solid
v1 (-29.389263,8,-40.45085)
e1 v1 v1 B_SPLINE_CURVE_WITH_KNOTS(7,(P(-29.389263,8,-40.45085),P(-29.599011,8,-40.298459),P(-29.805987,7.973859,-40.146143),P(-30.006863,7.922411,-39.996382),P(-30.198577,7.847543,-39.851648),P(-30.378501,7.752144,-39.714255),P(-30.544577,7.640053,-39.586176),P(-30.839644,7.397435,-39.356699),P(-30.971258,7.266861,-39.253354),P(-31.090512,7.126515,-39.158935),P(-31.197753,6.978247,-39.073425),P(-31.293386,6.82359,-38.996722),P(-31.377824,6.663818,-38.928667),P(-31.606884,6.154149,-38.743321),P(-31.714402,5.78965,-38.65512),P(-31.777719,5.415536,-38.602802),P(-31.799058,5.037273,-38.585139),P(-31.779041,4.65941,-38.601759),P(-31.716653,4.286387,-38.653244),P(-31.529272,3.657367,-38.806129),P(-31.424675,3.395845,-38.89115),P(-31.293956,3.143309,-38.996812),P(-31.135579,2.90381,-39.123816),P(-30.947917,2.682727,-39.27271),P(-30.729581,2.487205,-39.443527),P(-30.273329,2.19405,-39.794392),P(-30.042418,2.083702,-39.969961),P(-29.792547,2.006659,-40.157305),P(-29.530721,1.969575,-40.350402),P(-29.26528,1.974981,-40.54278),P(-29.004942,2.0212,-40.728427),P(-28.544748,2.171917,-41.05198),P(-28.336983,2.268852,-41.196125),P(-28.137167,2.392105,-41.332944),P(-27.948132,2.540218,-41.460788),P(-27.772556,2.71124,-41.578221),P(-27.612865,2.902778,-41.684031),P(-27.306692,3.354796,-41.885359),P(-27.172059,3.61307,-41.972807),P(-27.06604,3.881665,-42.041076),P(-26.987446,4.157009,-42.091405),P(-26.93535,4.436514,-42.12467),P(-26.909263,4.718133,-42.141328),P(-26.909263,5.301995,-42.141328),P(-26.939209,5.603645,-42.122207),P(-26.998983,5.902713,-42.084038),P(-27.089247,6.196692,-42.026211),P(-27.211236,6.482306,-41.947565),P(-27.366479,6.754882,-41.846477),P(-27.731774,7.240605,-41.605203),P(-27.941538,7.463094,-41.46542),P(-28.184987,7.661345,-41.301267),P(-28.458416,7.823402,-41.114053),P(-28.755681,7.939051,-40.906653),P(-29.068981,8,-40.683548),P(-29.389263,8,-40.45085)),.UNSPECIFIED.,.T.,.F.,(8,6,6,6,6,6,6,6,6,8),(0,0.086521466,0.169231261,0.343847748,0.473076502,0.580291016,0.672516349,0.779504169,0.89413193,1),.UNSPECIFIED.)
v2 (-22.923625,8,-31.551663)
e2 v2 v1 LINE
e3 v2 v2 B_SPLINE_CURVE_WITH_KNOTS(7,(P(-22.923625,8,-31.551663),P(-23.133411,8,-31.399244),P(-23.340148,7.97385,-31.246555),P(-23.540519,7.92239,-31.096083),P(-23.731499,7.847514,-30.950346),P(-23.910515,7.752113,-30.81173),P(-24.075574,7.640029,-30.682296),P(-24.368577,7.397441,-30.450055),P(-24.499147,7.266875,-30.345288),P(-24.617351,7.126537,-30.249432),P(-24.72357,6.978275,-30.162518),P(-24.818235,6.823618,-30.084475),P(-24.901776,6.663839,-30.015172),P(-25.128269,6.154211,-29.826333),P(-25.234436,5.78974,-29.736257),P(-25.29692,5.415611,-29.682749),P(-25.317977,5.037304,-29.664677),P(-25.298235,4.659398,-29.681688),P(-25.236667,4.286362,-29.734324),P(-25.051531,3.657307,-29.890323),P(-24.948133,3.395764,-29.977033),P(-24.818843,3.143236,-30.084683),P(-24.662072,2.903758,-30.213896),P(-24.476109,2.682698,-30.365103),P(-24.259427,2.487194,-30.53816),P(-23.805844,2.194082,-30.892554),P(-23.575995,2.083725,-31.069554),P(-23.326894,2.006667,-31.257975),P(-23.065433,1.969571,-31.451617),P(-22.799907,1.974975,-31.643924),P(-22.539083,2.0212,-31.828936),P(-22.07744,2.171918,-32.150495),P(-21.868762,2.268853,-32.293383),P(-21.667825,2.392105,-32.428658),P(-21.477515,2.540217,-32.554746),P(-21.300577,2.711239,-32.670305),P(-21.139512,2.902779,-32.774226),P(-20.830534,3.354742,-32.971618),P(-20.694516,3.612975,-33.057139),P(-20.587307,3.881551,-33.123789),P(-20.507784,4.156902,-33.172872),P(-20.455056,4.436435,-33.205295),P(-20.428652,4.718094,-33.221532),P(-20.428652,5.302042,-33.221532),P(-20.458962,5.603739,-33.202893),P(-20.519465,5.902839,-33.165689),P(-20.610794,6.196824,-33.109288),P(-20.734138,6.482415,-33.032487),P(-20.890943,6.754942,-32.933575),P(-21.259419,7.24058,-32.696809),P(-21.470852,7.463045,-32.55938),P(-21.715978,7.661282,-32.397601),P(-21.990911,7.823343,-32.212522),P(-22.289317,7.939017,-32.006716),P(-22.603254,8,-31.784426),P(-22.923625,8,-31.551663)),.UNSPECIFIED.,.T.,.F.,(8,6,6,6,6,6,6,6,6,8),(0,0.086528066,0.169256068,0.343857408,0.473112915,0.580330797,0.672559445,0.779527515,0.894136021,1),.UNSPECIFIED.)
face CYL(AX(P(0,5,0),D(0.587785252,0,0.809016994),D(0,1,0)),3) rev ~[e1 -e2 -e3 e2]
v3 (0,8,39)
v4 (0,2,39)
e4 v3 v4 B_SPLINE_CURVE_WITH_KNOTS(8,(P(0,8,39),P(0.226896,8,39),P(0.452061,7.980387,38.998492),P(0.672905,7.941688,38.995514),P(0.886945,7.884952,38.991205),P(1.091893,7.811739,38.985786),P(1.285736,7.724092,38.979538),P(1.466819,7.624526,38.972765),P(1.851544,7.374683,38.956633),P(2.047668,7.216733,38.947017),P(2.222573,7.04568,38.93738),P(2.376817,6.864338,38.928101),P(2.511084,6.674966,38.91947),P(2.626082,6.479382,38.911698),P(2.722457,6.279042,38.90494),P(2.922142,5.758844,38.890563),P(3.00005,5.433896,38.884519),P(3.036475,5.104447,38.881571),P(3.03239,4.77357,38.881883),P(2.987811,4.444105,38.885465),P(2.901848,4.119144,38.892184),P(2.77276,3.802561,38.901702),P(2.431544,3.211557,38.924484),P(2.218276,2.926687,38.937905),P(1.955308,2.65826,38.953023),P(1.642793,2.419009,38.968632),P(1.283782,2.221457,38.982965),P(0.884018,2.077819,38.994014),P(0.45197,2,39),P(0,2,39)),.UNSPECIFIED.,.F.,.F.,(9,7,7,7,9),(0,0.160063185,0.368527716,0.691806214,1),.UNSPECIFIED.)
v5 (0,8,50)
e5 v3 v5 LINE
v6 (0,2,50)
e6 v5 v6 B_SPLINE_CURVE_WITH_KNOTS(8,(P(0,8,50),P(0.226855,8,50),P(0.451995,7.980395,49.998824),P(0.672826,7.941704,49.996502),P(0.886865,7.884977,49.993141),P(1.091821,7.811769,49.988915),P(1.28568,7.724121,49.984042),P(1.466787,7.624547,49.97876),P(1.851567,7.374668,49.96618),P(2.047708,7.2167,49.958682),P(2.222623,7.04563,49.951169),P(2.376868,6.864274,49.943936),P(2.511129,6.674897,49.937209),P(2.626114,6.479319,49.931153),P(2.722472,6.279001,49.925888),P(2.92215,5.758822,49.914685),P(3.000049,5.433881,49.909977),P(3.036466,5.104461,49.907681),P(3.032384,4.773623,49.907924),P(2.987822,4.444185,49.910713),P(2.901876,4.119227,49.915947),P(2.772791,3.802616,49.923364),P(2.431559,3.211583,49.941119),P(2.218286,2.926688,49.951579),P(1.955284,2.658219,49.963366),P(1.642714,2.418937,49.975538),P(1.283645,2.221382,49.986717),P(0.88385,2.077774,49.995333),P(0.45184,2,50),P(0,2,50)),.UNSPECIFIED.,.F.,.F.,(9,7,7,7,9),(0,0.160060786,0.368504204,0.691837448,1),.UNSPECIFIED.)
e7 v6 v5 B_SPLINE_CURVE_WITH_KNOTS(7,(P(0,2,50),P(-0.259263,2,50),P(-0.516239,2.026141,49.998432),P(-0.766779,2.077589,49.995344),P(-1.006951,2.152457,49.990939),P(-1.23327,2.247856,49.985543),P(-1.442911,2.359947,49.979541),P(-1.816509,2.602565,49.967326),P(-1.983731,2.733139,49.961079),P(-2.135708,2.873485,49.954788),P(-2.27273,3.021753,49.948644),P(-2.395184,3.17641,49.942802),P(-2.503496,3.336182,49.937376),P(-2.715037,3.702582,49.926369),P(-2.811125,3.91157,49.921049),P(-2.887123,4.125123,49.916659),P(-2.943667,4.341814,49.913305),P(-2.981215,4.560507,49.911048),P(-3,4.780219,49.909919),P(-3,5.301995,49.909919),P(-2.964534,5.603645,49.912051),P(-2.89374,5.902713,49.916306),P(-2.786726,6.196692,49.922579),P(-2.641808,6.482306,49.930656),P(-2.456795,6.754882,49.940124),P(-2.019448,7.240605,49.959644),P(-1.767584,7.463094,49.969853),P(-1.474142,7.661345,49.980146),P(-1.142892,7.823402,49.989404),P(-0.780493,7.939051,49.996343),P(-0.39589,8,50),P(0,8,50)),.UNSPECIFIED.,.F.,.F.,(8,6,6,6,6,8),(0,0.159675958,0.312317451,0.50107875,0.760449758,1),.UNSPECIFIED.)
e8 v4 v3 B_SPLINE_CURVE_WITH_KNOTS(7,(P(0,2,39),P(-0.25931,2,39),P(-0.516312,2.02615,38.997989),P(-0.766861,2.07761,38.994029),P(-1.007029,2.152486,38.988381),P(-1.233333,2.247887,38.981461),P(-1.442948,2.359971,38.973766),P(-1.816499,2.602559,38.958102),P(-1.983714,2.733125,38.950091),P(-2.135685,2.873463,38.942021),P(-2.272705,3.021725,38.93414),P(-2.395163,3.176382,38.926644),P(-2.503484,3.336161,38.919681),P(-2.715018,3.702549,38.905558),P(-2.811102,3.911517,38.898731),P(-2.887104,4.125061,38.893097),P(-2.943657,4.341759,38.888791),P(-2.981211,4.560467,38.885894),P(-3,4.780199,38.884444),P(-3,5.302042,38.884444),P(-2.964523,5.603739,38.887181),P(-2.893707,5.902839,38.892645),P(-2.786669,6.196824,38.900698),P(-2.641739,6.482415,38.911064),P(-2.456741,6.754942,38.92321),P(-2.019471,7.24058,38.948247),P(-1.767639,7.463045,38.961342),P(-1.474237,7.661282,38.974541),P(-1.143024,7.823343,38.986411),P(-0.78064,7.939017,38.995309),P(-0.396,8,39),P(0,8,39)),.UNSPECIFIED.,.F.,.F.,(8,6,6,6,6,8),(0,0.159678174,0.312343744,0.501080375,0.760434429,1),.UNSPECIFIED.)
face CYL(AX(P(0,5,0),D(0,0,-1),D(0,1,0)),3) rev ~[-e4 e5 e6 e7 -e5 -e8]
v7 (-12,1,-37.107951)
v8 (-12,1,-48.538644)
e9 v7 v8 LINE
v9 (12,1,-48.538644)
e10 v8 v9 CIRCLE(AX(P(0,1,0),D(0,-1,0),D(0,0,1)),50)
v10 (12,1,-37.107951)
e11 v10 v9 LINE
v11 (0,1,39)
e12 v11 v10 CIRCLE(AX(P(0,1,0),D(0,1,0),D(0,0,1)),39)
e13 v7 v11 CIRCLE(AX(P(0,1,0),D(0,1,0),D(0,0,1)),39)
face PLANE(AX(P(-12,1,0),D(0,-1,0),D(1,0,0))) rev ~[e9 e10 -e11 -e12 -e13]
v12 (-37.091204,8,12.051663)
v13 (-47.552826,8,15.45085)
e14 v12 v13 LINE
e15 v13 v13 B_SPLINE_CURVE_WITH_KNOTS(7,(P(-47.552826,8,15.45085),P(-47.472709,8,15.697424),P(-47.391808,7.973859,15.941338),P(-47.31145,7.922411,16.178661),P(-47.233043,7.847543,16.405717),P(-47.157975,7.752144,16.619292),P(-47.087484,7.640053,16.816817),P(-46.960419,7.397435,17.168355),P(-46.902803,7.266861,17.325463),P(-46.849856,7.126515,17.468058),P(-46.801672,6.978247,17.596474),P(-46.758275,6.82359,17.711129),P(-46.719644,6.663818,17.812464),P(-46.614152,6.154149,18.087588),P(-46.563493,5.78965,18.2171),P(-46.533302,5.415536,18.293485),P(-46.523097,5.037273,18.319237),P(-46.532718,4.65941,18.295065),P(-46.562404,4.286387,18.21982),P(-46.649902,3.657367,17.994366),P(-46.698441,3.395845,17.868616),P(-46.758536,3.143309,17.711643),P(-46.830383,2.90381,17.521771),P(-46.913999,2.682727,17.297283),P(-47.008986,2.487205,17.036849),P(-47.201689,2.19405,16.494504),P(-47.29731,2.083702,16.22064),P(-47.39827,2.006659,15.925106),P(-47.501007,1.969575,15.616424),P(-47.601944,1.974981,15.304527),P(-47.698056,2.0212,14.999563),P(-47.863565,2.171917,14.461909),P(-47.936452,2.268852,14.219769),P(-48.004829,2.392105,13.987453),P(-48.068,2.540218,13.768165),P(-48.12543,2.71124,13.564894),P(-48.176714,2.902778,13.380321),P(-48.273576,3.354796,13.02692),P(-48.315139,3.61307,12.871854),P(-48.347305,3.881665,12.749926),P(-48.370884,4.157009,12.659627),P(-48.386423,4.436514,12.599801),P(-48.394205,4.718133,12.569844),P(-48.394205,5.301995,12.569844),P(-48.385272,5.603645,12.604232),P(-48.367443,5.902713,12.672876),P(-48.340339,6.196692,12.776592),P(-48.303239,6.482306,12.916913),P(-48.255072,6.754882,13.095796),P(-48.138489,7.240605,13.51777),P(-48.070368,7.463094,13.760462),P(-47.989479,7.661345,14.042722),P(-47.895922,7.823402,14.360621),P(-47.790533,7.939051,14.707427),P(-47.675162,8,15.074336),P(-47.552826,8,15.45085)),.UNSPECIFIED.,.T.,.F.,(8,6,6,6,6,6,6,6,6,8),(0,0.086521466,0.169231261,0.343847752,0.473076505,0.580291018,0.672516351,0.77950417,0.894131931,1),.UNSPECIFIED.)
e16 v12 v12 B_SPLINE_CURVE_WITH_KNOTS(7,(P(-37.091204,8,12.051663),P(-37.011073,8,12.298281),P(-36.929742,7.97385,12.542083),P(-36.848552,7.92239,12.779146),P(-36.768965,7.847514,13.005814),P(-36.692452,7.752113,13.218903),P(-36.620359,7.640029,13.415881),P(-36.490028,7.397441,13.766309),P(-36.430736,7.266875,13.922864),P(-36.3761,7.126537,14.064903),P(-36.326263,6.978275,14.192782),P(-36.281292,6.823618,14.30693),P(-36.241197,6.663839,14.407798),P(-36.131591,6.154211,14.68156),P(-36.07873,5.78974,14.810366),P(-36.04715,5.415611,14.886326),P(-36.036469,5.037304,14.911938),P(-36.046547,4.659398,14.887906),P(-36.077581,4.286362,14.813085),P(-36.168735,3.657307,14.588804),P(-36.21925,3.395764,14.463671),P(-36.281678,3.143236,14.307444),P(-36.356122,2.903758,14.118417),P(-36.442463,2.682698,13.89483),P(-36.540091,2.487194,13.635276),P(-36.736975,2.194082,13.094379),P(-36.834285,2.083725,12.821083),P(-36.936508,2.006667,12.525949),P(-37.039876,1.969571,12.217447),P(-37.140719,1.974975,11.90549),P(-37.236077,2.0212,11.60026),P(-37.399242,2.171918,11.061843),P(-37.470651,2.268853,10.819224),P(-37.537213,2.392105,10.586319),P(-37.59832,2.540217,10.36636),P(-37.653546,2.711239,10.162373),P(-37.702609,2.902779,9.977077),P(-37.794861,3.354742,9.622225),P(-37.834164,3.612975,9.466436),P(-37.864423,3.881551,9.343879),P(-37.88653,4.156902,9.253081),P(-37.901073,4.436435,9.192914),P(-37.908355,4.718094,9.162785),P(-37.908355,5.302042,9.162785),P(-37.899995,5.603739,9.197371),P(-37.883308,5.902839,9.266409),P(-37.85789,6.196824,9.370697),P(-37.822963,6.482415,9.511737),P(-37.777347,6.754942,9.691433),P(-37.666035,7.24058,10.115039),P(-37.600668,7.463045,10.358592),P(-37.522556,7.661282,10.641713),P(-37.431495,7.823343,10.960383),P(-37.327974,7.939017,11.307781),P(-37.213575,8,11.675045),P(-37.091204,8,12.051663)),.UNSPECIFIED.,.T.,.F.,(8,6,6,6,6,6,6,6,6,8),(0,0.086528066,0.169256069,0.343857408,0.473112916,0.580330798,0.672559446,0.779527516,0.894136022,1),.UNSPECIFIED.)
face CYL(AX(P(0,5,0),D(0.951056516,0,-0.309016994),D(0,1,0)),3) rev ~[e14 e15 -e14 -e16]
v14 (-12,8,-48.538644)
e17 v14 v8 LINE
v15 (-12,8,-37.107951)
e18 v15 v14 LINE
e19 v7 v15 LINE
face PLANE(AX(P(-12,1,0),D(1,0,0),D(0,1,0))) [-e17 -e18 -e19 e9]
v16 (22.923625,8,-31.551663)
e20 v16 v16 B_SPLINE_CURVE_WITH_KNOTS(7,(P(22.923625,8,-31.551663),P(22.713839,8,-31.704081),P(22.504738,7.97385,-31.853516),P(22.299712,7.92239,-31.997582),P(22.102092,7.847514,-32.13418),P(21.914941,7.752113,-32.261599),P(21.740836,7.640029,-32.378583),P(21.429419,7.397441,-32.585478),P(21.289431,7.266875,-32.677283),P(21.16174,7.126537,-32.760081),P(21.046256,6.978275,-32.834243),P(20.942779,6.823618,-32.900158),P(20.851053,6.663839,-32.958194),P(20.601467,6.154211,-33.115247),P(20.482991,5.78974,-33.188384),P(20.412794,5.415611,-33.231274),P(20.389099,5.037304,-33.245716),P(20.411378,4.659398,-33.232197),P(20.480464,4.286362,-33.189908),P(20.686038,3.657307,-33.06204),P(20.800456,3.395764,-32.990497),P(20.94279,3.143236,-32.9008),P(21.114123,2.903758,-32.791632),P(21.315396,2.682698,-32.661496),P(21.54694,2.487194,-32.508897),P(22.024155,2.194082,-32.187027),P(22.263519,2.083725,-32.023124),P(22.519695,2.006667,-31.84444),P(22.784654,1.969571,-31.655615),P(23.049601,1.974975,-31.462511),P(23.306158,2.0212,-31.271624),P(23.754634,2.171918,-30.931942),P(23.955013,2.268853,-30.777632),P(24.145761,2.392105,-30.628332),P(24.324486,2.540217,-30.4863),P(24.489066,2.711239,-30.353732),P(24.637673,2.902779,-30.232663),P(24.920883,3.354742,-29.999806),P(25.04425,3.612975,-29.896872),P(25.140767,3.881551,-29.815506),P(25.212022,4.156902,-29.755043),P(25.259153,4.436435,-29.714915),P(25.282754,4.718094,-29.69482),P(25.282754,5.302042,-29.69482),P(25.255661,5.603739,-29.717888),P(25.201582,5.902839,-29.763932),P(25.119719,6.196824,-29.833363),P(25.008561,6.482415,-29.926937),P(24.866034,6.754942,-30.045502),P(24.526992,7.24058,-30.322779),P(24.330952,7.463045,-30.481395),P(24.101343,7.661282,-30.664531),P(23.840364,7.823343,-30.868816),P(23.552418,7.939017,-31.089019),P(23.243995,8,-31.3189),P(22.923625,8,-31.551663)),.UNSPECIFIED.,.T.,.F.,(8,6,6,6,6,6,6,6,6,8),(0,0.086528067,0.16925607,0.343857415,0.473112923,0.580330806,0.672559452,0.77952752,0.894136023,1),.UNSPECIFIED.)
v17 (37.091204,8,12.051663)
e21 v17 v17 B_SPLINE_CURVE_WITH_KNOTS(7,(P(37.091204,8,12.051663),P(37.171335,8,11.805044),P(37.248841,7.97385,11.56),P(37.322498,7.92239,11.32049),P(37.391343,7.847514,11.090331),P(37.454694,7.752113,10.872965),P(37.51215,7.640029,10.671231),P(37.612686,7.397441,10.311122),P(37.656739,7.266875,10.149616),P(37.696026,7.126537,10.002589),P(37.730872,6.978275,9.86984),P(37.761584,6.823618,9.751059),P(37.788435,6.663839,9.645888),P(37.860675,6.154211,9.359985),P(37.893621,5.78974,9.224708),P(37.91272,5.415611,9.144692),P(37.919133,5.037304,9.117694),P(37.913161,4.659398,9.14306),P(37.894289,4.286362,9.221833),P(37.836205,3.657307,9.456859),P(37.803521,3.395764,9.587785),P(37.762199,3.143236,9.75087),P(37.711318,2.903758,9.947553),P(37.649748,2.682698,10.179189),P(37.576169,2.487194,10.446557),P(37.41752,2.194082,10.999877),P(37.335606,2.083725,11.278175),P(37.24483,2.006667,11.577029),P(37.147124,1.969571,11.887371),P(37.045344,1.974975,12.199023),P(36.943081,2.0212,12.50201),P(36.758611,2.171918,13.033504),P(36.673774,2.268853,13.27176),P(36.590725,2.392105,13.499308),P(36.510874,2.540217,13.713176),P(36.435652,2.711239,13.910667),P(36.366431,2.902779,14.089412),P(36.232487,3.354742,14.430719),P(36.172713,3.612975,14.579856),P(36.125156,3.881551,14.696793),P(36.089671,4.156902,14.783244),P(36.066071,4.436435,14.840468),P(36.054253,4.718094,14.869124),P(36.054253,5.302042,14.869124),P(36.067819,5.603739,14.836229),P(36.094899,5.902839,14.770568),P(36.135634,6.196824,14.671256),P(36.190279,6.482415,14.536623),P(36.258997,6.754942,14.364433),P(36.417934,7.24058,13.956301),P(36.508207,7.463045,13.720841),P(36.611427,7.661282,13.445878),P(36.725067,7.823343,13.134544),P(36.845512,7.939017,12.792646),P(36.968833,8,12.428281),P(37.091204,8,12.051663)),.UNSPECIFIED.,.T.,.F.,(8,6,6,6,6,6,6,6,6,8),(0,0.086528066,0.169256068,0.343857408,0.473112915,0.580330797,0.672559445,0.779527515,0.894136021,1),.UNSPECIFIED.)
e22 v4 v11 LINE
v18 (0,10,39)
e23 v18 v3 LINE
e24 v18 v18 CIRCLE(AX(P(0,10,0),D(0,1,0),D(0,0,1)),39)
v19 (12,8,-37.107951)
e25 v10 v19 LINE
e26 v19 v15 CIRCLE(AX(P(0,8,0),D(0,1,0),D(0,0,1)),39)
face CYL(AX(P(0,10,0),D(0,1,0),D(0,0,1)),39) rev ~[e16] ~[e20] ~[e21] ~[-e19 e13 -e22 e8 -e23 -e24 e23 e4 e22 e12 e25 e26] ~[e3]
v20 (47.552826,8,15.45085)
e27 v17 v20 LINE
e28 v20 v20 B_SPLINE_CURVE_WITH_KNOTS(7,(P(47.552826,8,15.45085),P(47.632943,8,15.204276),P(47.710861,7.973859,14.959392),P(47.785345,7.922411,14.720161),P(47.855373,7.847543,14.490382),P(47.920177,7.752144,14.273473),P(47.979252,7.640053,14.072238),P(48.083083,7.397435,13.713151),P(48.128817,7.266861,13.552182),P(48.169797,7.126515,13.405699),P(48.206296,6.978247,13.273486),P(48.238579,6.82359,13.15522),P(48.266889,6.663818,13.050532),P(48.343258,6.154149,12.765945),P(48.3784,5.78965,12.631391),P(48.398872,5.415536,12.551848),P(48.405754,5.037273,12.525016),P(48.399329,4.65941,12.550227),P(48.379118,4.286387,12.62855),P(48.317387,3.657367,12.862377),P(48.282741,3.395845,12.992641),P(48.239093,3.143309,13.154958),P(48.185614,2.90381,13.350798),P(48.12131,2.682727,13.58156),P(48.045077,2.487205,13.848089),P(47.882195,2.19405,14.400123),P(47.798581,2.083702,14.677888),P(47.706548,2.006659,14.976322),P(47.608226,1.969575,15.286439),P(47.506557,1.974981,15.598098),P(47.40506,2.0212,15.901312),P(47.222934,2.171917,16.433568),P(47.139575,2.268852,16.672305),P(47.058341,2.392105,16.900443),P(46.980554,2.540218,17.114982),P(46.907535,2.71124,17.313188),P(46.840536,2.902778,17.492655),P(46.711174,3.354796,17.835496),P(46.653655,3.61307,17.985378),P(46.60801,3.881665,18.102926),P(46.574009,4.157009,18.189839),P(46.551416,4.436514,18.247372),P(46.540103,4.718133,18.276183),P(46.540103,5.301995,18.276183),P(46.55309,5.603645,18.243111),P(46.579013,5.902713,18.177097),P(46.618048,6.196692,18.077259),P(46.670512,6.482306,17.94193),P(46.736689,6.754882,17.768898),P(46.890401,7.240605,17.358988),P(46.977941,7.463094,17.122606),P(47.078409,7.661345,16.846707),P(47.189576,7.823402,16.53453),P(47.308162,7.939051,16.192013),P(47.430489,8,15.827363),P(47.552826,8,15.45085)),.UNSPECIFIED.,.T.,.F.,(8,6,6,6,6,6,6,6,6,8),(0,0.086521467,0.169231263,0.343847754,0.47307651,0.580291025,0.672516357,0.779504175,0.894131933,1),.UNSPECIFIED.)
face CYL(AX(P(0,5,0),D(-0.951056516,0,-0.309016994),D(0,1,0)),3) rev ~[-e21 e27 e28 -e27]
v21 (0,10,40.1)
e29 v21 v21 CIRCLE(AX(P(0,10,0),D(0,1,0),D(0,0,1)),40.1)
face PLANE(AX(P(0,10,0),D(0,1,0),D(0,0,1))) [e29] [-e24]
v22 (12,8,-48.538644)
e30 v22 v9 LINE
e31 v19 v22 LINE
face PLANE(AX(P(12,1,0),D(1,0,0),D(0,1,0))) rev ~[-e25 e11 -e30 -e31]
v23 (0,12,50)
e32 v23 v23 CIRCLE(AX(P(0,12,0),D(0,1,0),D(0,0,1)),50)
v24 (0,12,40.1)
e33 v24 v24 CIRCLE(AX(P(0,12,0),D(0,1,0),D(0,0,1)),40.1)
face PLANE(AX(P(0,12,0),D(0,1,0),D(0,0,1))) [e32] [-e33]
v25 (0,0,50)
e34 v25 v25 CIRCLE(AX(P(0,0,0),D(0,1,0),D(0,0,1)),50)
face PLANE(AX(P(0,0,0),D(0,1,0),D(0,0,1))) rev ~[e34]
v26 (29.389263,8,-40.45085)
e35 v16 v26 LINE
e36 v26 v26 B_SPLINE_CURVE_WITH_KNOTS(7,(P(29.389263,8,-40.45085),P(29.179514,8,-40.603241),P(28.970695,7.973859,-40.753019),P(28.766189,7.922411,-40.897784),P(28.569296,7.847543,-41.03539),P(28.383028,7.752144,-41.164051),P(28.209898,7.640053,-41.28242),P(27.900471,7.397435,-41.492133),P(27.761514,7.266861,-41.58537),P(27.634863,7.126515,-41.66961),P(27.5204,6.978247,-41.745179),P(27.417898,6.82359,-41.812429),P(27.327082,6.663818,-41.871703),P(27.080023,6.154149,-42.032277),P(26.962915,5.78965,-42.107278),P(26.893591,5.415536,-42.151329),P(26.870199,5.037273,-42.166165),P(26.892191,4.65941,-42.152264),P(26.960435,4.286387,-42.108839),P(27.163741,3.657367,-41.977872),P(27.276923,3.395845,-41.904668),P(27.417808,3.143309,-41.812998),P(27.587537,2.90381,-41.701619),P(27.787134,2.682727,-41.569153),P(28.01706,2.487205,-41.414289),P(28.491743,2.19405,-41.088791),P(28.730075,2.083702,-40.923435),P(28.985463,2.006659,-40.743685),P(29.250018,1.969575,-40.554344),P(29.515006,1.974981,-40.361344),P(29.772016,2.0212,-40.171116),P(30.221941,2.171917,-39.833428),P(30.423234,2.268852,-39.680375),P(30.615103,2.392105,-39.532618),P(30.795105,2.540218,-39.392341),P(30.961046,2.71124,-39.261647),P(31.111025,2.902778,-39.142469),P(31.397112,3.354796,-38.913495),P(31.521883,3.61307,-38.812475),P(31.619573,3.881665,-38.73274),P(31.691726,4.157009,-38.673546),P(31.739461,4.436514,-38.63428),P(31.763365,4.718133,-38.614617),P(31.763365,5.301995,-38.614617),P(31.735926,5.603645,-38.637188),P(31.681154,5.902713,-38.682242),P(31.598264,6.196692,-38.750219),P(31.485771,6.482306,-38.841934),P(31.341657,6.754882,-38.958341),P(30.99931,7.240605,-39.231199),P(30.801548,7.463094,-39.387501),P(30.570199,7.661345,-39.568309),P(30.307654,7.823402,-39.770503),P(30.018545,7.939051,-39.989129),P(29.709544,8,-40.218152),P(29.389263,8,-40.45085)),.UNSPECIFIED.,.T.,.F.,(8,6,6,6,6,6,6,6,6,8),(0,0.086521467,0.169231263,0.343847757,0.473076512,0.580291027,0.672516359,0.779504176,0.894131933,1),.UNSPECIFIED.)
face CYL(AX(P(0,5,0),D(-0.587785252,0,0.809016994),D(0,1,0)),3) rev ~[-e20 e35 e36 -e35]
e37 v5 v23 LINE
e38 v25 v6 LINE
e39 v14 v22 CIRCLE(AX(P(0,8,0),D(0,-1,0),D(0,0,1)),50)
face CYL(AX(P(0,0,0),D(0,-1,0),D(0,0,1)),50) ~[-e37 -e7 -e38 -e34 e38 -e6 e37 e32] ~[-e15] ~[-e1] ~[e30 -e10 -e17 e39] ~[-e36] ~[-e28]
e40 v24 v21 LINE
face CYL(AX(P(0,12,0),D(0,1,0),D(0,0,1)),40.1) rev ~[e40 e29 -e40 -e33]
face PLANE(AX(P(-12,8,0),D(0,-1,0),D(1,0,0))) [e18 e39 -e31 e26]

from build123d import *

# Parameters (mm, degrees)
SKETCH1_R           = 50
BOSS_EXTRUDE1_DEPTH = 12
SKETCH3_R           = 40.1
CUT_EXTRUDE1_DEPTH  = 2
SKETCH4_R           = 39
CUT_EXTRUDE2_DEPTH  = 9
SKETCH6_W           = 24
SKETCH6_H           = 7
CUT_EXTRUDE4_DEPTH  = 61
SKETCH7_R           = 3
CUT_EXTRUDE5_DEPTH  = 61
CIRPATTERN1_COUNT   = 5


with BuildPart() as part:
    # Sketch1 → Boss-Extrude1 (new body)
    with BuildSketch(Plane(origin=(0, 0, 0), x_dir=(1, 0, 0), z_dir=(0, 1, 0))):
        with Locations(Location((0, 0, 0), (0, 0, 270))):
            Circle(SKETCH1_R)
    extrude(amount=BOSS_EXTRUDE1_DEPTH)

    # Sketch3 → Cut-Extrude1 (cut)
    with BuildSketch(Plane(origin=(0, 12, 0), x_dir=(1, 0, 0), z_dir=(0, 1, 0))):
        with Locations(Location((0, 0, 0), (0, 0, 270))):
            Circle(SKETCH3_R)
    extrude(amount=-CUT_EXTRUDE1_DEPTH, mode=Mode.SUBTRACT)

    # Sketch4 → Cut-Extrude2 (cut)
    with BuildSketch(Plane(origin=(0, 10, 0), x_dir=(1, 0, 0), z_dir=(0, 1, 0))):
        with Locations(Location((0, 0, 0), (0, 0, 270))):
            Circle(SKETCH4_R)
    extrude(amount=-CUT_EXTRUDE2_DEPTH, mode=Mode.SUBTRACT)

    # Sketch6 → Cut-Extrude4 (cut)
    with BuildSketch(Plane.XY):
        with Locations((0, 4.5)):
            Rectangle(SKETCH6_W, SKETCH6_H)
    extrude(amount=-CUT_EXTRUDE4_DEPTH, mode=Mode.SUBTRACT)

    # Sketch7 → Cut-Extrude5 (cut)
    with BuildSketch(Plane.YX):
        with Locations((5, 0)):
            Circle(SKETCH7_R)
    cut_extrude5 = extrude(amount=-CUT_EXTRUDE5_DEPTH, mode=Mode.SUBTRACT)

    # CirPattern1: Cut-Extrude5 ×5 about axis
    cirpattern1_axis = Axis((0, -0.6, 0), (0, 1, 0))
    for i in range(1, CIRPATTERN1_COUNT):
        add(cut_extrude5.rotate(cirpattern1_axis, i * 360 / CIRPATTERN1_COUNT), mode=Mode.SUBTRACT)


solid = part.part
